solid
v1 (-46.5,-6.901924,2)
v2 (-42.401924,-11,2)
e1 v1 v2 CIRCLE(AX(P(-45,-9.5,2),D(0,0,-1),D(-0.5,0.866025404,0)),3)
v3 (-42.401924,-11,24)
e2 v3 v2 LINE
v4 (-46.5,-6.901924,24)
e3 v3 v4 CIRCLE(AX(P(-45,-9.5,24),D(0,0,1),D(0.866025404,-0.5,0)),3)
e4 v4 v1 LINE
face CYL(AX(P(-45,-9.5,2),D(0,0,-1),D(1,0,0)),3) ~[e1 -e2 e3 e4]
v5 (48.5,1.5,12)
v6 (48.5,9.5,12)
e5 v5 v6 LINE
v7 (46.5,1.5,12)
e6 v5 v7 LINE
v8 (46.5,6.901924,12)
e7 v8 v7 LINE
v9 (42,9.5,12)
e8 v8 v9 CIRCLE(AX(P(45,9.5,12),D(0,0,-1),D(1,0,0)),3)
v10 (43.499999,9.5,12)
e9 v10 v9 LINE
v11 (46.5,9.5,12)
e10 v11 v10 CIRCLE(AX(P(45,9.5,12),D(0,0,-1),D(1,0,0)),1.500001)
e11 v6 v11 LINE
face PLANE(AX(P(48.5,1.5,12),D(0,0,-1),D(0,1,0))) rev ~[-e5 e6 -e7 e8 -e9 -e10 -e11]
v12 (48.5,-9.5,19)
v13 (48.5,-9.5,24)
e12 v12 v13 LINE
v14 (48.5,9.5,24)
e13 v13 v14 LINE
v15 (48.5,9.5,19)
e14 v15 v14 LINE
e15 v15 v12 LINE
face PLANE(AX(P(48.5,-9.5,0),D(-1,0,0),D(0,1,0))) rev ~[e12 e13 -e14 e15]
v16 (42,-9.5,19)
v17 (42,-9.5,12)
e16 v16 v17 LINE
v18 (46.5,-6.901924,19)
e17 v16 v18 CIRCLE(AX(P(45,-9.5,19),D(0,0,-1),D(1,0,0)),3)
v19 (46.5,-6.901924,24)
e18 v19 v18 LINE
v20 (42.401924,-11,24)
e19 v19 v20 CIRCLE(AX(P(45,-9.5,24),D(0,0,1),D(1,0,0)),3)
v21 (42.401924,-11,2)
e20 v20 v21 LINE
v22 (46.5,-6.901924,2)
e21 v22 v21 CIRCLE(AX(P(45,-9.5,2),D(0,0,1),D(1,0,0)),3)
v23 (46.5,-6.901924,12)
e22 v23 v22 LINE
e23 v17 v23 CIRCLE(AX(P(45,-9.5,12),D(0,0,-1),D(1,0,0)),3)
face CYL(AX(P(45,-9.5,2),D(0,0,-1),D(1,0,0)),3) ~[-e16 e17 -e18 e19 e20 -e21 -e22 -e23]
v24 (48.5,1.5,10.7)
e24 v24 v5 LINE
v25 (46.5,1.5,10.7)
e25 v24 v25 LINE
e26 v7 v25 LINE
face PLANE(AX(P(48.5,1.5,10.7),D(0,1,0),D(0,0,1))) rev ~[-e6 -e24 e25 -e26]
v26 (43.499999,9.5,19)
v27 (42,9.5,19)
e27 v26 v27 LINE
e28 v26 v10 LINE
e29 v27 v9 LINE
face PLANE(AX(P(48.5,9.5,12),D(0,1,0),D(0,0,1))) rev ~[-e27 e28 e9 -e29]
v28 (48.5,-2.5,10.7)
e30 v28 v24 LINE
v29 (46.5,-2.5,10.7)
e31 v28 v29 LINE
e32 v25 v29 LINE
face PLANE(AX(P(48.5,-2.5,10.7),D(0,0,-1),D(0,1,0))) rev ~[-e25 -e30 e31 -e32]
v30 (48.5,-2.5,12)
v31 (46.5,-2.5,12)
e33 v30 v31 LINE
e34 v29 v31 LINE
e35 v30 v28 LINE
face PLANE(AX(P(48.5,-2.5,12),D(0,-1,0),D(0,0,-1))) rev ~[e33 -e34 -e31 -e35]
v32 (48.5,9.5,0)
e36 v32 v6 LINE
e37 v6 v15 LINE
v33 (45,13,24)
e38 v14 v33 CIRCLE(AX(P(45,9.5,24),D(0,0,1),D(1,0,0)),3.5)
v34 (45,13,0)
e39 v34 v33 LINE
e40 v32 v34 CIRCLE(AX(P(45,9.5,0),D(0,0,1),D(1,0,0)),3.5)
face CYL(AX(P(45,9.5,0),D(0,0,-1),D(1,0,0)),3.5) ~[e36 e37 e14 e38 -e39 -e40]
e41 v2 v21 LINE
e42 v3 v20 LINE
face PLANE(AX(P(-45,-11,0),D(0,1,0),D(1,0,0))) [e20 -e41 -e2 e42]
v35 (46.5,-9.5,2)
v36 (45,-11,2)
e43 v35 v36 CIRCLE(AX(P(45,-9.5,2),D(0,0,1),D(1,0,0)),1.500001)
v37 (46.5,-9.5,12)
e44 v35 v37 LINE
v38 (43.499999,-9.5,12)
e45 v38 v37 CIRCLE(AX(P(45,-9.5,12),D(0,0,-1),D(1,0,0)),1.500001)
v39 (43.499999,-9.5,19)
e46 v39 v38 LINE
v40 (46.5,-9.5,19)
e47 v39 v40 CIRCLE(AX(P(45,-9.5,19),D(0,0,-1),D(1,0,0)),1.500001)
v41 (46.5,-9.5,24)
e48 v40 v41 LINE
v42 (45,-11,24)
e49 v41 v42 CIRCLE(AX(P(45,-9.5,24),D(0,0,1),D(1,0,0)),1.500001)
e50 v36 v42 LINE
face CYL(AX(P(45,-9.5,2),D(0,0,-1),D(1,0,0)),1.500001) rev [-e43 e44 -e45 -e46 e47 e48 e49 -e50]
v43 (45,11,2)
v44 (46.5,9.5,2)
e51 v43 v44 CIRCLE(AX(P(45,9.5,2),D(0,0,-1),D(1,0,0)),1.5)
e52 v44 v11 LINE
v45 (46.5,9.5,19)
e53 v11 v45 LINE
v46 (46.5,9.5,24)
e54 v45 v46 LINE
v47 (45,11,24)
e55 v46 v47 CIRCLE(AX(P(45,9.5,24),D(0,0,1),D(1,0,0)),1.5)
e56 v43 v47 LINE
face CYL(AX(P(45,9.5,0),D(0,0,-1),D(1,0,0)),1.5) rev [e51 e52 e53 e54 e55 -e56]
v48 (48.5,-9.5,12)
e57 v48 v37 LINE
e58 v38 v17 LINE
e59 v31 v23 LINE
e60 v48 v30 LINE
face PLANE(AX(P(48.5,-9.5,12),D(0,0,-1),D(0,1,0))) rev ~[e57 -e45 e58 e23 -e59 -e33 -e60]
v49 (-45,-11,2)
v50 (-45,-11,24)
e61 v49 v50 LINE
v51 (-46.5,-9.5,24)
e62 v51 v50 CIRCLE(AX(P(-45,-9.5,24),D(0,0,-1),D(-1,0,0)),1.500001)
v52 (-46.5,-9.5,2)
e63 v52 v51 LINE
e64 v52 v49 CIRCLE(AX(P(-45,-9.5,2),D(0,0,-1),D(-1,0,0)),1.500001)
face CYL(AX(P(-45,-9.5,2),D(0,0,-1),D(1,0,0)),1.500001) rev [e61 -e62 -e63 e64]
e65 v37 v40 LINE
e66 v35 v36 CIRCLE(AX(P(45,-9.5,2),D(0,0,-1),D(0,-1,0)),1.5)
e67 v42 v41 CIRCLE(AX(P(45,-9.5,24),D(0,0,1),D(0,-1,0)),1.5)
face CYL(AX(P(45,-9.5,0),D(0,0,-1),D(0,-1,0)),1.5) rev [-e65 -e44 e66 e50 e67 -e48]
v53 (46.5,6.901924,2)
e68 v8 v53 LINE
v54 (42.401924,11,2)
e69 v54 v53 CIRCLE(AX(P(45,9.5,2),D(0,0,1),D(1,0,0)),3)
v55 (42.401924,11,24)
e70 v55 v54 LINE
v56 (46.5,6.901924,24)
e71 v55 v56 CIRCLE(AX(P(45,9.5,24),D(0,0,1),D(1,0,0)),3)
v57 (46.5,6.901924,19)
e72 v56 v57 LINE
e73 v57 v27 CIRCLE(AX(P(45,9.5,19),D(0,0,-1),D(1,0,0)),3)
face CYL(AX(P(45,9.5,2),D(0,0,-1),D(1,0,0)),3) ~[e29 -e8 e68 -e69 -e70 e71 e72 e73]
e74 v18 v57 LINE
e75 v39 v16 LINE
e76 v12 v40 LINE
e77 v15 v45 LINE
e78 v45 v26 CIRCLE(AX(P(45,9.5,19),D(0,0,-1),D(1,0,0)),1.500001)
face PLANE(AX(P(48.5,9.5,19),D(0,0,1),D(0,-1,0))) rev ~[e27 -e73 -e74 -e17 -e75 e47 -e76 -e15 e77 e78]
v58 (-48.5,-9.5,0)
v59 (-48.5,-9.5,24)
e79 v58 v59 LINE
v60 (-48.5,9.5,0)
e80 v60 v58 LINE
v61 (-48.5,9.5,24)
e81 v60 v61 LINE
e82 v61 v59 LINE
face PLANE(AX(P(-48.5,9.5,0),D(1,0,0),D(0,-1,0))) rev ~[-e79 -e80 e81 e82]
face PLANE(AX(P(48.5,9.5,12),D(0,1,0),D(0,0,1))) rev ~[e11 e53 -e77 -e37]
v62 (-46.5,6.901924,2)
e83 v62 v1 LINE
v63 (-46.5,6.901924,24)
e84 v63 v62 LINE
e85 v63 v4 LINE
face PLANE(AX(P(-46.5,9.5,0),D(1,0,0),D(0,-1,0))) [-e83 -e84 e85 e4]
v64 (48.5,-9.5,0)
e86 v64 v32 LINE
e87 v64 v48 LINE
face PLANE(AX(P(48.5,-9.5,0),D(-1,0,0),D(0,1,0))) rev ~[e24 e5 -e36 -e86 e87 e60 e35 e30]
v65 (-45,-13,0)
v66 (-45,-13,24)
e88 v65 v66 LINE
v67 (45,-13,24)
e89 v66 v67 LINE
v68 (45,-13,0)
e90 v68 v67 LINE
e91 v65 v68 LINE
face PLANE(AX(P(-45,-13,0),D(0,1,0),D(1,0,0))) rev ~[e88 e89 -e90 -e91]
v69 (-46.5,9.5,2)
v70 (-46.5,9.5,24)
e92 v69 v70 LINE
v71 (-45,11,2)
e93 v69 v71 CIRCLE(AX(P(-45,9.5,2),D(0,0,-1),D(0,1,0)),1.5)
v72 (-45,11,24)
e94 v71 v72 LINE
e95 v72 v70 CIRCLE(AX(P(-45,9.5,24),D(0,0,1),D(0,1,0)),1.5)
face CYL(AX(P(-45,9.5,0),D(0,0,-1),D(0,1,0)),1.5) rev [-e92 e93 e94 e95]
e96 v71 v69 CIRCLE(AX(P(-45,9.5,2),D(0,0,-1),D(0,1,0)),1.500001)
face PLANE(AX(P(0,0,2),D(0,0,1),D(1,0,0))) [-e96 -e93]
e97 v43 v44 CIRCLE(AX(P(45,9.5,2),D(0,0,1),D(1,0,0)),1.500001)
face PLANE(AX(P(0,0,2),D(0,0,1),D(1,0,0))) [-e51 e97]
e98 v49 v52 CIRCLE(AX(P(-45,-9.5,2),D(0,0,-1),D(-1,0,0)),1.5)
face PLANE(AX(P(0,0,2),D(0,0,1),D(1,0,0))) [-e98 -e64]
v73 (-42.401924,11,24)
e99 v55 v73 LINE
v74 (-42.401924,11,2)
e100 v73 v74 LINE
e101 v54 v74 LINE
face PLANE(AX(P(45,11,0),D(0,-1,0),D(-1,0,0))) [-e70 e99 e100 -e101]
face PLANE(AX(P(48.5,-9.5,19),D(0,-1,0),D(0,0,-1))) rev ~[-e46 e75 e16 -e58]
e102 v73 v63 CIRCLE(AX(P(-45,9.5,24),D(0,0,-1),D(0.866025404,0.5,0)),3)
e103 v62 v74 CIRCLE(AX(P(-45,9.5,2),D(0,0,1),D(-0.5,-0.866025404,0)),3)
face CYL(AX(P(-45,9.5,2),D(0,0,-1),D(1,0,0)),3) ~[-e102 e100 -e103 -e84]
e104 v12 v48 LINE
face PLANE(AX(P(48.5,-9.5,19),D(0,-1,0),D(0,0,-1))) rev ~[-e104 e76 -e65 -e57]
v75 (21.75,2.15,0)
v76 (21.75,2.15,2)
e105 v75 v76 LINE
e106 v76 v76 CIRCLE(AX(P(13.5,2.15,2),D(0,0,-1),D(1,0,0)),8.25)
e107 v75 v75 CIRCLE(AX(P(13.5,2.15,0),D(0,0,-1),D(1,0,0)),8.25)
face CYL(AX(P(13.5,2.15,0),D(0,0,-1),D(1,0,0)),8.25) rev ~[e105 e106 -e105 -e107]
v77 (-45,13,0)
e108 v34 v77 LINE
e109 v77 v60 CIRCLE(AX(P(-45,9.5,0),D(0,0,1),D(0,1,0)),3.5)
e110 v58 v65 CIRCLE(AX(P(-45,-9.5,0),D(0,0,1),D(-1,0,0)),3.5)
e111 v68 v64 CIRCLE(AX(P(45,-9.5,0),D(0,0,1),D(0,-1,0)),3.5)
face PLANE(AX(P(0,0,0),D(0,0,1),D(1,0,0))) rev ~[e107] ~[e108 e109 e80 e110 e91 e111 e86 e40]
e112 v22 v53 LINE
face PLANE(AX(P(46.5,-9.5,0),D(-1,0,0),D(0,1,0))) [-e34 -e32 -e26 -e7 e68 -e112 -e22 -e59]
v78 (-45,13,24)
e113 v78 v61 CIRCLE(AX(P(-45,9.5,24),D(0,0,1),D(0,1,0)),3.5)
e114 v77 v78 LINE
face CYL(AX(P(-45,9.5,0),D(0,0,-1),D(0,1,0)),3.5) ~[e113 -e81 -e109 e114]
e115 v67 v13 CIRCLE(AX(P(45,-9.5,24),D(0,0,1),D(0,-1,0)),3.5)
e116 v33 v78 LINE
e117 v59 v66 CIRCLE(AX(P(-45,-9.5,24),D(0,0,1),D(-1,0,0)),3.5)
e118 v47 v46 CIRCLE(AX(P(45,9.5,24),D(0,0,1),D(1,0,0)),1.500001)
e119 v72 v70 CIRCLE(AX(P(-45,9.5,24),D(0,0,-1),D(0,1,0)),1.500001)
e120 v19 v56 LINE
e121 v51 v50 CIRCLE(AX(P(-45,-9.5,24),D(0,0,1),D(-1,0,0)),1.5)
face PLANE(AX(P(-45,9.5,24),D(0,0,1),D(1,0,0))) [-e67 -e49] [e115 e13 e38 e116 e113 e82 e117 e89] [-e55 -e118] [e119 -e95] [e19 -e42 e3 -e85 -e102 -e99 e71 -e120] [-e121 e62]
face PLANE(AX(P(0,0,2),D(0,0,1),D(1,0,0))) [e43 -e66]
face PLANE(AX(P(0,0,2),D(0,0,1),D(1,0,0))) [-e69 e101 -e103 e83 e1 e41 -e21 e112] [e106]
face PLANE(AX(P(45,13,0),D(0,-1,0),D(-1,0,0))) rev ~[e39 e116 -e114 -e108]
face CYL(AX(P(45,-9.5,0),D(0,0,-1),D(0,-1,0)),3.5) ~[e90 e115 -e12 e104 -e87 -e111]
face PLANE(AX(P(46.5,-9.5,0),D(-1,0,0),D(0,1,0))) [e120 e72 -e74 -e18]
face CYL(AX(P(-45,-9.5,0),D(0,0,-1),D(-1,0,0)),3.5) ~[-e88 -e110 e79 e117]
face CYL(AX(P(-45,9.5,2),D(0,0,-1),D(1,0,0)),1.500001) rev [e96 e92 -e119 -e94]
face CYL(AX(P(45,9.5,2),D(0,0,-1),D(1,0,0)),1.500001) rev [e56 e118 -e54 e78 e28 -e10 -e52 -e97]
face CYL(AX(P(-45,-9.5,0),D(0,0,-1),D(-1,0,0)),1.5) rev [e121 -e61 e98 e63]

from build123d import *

# Parameters (mm, degrees)
F1_DEPTH = 24
F2_T     = -2
F3_R     = 8.25
F4_DEPTH = 2
F5_R     = 3
F5_R_2   = 1.5000011027
F6_DEPTH = 22
F8_DEPTH = 10


with BuildPart() as f1:
    # F0 (on Top) → F1 (new body)
    with BuildSketch(Plane.XY):
        with BuildLine():
            ThreePointArc((48.5, 9.5), (47.4748737342, 11.9748737342), (45, 13))
            Line((45, 13), (-45, 13))
            ThreePointArc((-45, 13), (-47.4748737342, 11.9748737342), (-48.5, 9.5))
            Line((-48.5, 9.5), (-48.5, -9.5))
            ThreePointArc((-48.5, -9.5), (-47.4748737342, -11.9748737342), (-45, -13))
            Line((-45, -13), (45, -13))
            ThreePointArc((45, -13), (47.4748737342, -11.9748737342), (48.5, -9.5))
            Line((48.5, -9.5), (48.5, 9.5))
        make_face()
    extrude(amount=F1_DEPTH)

    # F2
    f2_openings = [f1.faces().sort_by_distance(p)[0] for p in [
        (0, 0, 24),
    ]]
    offset(amount=F2_T, openings=f2_openings)

    # F3 (on face) → F4 (cut, through all)
    with BuildSketch(Plane(origin=(0, 0, 0), x_dir=(1, 0, 0), z_dir=(0, 0, -1))):
        with Locations((13.5, -2.15)):
            Circle(F3_R)
    extrude(amount=-F4_DEPTH, mode=Mode.SUBTRACT)

    # F5 (on face) → F6 (join, through all)
    with BuildSketch(Plane.XY.offset(2)):
        with Locations((-45, 9.5)):
            Circle(F5_R)
        with Locations((-45, 9.5)):
            Circle(F5_R_2, mode=Mode.SUBTRACT)
        with Locations((45, 9.5)):
            Circle(F5_R)
        with Locations((45, 9.5)):
            Circle(F5_R_2, mode=Mode.SUBTRACT)
        with Locations((-45, -9.5)):
            Circle(F5_R)
        with Locations((-45, -9.5)):
            Circle(F5_R_2, mode=Mode.SUBTRACT)
        with Locations((45, -9.5)):
            Circle(F5_R)
        with Locations((45, -9.5)):
            Circle(F5_R_2, mode=Mode.SUBTRACT)
    extrude(amount=F6_DEPTH)

    # F7 (on face) → F8 (cut)
    with BuildSketch(Plane.YZ.offset(48.5)):
        Polygon((9.5, 19), (-9.5, 19), (-9.5, 12), (-2.5, 12), (-2.5, 10.7), (1.5, 10.7), (1.5, 12), (9.5, 12), align=None)
    extrude(amount=-F8_DEPTH, mode=Mode.SUBTRACT)


solid = f1.part
